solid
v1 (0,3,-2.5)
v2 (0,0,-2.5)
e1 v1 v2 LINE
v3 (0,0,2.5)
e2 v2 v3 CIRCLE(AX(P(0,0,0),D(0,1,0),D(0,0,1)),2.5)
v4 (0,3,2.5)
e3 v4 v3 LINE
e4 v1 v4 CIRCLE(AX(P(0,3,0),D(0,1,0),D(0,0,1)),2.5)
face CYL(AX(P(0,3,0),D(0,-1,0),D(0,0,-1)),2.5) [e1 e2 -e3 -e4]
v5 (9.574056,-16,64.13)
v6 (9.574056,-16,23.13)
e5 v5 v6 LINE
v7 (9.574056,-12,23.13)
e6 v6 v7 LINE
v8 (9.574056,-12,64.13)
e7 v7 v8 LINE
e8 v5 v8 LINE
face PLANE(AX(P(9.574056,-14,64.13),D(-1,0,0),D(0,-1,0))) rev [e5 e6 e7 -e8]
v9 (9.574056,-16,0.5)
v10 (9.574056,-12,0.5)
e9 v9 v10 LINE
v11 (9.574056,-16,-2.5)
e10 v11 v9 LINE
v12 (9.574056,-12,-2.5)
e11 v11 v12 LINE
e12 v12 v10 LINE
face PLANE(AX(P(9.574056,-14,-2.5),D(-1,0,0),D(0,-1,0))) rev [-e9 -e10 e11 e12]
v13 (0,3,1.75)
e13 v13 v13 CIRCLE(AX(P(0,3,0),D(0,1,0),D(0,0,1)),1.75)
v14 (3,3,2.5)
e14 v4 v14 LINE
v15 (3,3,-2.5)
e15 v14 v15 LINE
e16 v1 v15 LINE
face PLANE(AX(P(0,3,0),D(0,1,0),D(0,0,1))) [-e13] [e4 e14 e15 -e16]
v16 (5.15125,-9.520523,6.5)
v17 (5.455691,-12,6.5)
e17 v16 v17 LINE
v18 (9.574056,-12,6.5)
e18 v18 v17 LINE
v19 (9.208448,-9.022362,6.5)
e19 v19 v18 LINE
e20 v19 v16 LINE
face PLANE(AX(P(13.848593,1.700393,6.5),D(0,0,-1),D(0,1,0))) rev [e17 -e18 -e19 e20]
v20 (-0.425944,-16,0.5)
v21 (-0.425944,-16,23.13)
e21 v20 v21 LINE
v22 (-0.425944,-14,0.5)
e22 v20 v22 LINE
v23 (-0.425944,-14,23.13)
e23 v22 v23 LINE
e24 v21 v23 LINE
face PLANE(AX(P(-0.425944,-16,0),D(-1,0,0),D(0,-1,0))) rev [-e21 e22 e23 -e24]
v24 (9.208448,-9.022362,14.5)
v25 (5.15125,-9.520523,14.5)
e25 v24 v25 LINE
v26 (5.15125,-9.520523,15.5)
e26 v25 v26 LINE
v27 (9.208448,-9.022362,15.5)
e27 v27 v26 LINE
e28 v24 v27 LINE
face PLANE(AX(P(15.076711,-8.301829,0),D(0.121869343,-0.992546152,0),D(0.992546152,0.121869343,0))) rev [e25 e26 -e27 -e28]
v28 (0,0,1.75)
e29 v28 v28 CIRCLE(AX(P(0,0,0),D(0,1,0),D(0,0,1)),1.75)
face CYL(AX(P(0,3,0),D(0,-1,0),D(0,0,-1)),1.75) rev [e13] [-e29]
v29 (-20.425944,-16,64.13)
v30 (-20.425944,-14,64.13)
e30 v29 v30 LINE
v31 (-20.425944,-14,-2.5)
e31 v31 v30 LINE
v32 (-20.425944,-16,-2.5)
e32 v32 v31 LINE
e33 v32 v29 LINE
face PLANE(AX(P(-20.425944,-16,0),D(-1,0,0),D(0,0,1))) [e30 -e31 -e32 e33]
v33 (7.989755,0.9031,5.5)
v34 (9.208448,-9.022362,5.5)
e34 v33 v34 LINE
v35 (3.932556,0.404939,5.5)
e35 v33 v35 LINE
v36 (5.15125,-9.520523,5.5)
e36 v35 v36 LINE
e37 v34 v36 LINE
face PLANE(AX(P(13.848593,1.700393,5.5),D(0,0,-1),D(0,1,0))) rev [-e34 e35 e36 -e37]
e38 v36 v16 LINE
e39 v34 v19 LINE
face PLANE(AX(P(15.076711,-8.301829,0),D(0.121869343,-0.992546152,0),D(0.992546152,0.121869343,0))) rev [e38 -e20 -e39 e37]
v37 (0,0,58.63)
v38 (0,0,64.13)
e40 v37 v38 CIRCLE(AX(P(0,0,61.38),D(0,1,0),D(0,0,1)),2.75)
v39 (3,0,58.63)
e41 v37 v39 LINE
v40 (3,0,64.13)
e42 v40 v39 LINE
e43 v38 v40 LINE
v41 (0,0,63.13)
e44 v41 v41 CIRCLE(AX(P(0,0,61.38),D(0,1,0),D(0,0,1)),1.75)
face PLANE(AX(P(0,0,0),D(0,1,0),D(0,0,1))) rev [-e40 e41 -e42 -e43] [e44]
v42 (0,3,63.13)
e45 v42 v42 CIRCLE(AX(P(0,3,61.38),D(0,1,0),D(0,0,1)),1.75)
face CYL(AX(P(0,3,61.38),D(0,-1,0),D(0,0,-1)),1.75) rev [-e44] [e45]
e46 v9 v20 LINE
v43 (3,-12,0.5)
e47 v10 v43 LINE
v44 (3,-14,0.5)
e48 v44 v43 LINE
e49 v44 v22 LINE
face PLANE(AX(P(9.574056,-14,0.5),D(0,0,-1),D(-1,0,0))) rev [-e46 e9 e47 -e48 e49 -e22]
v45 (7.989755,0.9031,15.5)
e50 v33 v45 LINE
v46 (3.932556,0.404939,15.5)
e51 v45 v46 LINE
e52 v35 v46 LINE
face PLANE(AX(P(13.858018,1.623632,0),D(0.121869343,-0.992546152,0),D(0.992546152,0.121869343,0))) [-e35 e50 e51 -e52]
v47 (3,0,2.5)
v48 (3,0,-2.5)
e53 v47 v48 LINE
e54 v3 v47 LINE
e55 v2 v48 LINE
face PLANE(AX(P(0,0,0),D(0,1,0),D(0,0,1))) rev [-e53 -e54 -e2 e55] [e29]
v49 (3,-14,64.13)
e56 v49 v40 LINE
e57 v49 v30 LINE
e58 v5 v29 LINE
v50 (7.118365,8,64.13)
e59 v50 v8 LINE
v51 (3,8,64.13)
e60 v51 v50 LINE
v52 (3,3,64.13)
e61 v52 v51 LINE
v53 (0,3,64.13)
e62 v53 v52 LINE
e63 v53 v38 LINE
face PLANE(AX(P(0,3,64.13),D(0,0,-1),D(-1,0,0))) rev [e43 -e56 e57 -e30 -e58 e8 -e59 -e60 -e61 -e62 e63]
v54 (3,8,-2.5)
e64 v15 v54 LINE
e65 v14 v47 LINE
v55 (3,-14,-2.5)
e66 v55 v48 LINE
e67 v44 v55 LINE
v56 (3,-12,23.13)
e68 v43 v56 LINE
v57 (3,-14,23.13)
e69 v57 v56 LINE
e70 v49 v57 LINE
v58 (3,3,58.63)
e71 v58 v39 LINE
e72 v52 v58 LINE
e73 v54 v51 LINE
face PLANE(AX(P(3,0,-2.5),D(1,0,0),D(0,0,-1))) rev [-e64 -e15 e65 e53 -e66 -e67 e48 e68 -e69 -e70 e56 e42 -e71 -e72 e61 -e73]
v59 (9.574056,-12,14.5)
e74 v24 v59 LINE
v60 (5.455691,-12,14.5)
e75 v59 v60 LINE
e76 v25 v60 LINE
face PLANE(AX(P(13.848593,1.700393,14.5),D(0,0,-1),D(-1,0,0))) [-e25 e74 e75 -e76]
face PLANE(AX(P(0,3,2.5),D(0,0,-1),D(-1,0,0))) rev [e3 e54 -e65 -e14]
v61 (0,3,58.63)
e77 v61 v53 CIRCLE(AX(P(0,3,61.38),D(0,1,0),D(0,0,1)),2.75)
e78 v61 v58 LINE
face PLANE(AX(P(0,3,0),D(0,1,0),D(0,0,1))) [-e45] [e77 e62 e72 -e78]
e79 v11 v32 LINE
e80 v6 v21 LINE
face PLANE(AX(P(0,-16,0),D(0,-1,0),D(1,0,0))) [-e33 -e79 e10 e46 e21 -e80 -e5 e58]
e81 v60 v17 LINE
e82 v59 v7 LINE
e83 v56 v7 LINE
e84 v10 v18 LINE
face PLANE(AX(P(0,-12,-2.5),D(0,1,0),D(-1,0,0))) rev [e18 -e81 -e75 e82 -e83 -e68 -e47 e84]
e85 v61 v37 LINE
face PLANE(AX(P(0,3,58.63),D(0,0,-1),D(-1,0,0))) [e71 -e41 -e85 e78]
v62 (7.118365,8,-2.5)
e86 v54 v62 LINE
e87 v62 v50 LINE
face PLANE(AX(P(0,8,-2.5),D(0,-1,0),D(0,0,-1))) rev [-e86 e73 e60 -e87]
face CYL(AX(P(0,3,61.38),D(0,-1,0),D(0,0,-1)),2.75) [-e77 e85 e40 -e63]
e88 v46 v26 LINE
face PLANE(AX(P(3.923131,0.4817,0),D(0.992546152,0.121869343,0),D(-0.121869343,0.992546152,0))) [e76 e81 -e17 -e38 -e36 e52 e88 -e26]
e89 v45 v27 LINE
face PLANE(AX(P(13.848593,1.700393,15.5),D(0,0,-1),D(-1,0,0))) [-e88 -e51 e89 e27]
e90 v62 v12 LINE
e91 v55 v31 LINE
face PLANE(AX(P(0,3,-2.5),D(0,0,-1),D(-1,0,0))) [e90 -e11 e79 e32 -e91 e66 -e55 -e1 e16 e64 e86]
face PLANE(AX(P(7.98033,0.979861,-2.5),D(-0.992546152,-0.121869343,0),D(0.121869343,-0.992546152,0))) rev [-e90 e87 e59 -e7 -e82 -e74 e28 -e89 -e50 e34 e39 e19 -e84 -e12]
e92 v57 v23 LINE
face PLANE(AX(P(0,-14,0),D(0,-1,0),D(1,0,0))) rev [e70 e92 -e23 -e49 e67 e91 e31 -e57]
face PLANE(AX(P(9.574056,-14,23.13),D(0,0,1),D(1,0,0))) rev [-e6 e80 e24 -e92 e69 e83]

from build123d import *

# Parameters (mm, degrees)
EXTRUDE_1_DEPTH     = 3
EXTRUDE_2_DEPTH     = 66.63
CUT_EXTRUDE_1_DEPTH = 69.53372087
SKETCH_4_W          = 8
SKETCH_4_H          = 3
CUT_EXTRUDE_2_DEPTH = 10
SKETCH_5_W          = 6.574056315
SKETCH_5_H          = 41
SKETCH_5_H_2        = 3
EXTRUDE_3_DEPTH     = 2
SKETCH_6_W          = 20
SKETCH_6_H          = 22.63
SKETCH_6_W_2        = 30
SKETCH_6_H_2        = 41
SKETCH_6_H_3        = 3
EXTRUDE_4_DEPTH     = 2


with BuildPart() as part:
    # 草图1 → 凸台-拉伸1 (new body)
    with BuildSketch(Plane(origin=(0, 0, 0), x_dir=(1, 0, 0), z_dir=(0, 1, 0))):
        with BuildLine():
            ThreePointArc((2.75, -61.38), (1.944543648, -59.435456352), (0, -58.63))
            Line((0, -58.63), (0, -59.63))
            ThreePointArc((0, -59.63), (1.237436867, -60.142563133), (1.75, -61.38))
            ThreePointArc((1.75, -61.38), (1.237436867, -62.617436867), (0, -63.13))
            Line((0, -63.13), (0, -64.13))
            ThreePointArc((0, -64.13), (1.944543648, -63.324543648), (2.75, -61.38))
        make_face()
        with BuildLine():
            Line((0, -59.63), (0, -58.63))
            ThreePointArc((0, -58.63), (-2.75, -61.38), (0, -64.13))
            Line((0, -64.13), (0, -63.13))
            ThreePointArc((0, -63.13), (-1.75, -61.38), (0, -59.63))
        make_face()
        with BuildLine():
            Line((5, -58.63), (0, -58.63))
            ThreePointArc((0, -58.63), (1.944543648, -59.435456352), (2.75, -61.38))
            ThreePointArc((2.75, -61.38), (1.944543648, -63.324543648), (0, -64.13))
            Line((0, -64.13), (5, -64.13))
            Line((5, -64.13), (5, -58.63))
        make_face()
        Polygon((5, -2.5), (5, -58.63), (5, -64.13), (8, -64.13), (8, 2.5), (5, 2.5), align=None)
        with BuildLine():
            ThreePointArc((0, 2.5), (-2.5, 0), (0, -2.5))
            Line((0, -2.5), (0, -1.75))
            ThreePointArc((0, -1.75), (-1.75, 0), (0, 1.75))
            Line((0, 1.75), (0, 2.5))
        make_face()
        with BuildLine():
            Line((0, -1.75), (0, -2.5))
            ThreePointArc((0, -2.5), (1.767766953, -1.767766953), (2.5, 0))
            ThreePointArc((2.5, 0), (1.767766953, 1.767766953), (0, 2.5))
            Line((0, 2.5), (0, 1.75))
            ThreePointArc((0, 1.75), (1.237436867, 1.237436867), (1.75, 0))
            ThreePointArc((1.75, 0), (1.237436867, -1.237436867), (0, -1.75))
        make_face()
        with BuildLine():
            Line((0, -2.5), (5, -2.5))
            Line((5, -2.5), (5, 2.5))
            Line((5, 2.5), (0, 2.5))
            ThreePointArc((0, 2.5), (1.767766953, 1.767766953), (2.5, 0))
            ThreePointArc((2.5, 0), (1.767766953, -1.767766953), (0, -2.5))
        make_face()
    extrude(amount=EXTRUDE_1_DEPTH)

    # 草图2 → 凸台-拉伸2 (add, through all)
    with BuildSketch(Plane.XY.offset(64.13)):
        Polygon((3, 3), (8, 3), (7.118365096, 8), (3, 8), align=None)
        Polygon((3, -12), (3, 3), (8, 3), (10.644904711, -12), align=None)
    extrude(amount=-EXTRUDE_2_DEPTH)

    # 草图3 → 切除-拉伸1 (cut, through all)
    with BuildSketch(Plane.XY.offset(64.13)):
        Polygon((10.468020954, -13.888439464), (9.574056315, -12), (7.118365096, 8), (7.997986879, 8.163017845), (13.179200704, -12.892022974), align=None)
    extrude(amount=-CUT_EXTRUDE_1_DEPTH, mode=Mode.SUBTRACT)

    # 草图4 → 切除-拉伸2 (cut)
    with BuildSketch(Plane(origin=(3.923131172, 0.481699938, 0), x_dir=(0, 0, -1), z_dir=(0.9925461516413224, 0.12186934340514417, 0))):
        Polygon((-5.5, -10.077337776), (-5.5, -0.077337776), (-15.5, -0.077337776), (-15.5, -10.077337776), (-14.5, -10.077337776), (-14.5, -7.077337776), (-6.5, -7.077337776), (-6.5, -10.077337776), align=None)
        with Locations((-10.5, -8.577337776)):
            Rectangle(SKETCH_4_W, SKETCH_4_H)
        with Locations((-10.5, -11.577337776)):
            Rectangle(SKETCH_4_W, SKETCH_4_H)
    extrude(amount=CUT_EXTRUDE_2_DEPTH, mode=Mode.SUBTRACT)

    # 草图5 → 凸台-拉伸3 (add)
    with BuildSketch(Plane(origin=(0, -12, 0), x_dir=(-1, 0, 0), z_dir=(0, -1, 0))):
        with Locations((-6.287028157, -43.63)):
            Rectangle(SKETCH_5_W, SKETCH_5_H)
        with Locations((-6.287028157, 1)):
            Rectangle(SKETCH_5_W, SKETCH_5_H_2)
    extrude(amount=EXTRUDE_3_DEPTH)

    # 草图6 → 凸台-拉伸4 (add)
    with BuildSketch(Plane(origin=(0, -14, 0), x_dir=(-1, 0, 0), z_dir=(0, -1, 0))):
        with Locations((10.425943685, -11.815)):
            Rectangle(SKETCH_6_W, SKETCH_6_H)
        with Locations((5.425943685, -43.63)):
            Rectangle(SKETCH_6_W_2, SKETCH_6_H_2)
        with Locations((5.425943685, 1)):
            Rectangle(SKETCH_6_W_2, SKETCH_6_H_3)
    extrude(amount=EXTRUDE_4_DEPTH)


solid = part.part
